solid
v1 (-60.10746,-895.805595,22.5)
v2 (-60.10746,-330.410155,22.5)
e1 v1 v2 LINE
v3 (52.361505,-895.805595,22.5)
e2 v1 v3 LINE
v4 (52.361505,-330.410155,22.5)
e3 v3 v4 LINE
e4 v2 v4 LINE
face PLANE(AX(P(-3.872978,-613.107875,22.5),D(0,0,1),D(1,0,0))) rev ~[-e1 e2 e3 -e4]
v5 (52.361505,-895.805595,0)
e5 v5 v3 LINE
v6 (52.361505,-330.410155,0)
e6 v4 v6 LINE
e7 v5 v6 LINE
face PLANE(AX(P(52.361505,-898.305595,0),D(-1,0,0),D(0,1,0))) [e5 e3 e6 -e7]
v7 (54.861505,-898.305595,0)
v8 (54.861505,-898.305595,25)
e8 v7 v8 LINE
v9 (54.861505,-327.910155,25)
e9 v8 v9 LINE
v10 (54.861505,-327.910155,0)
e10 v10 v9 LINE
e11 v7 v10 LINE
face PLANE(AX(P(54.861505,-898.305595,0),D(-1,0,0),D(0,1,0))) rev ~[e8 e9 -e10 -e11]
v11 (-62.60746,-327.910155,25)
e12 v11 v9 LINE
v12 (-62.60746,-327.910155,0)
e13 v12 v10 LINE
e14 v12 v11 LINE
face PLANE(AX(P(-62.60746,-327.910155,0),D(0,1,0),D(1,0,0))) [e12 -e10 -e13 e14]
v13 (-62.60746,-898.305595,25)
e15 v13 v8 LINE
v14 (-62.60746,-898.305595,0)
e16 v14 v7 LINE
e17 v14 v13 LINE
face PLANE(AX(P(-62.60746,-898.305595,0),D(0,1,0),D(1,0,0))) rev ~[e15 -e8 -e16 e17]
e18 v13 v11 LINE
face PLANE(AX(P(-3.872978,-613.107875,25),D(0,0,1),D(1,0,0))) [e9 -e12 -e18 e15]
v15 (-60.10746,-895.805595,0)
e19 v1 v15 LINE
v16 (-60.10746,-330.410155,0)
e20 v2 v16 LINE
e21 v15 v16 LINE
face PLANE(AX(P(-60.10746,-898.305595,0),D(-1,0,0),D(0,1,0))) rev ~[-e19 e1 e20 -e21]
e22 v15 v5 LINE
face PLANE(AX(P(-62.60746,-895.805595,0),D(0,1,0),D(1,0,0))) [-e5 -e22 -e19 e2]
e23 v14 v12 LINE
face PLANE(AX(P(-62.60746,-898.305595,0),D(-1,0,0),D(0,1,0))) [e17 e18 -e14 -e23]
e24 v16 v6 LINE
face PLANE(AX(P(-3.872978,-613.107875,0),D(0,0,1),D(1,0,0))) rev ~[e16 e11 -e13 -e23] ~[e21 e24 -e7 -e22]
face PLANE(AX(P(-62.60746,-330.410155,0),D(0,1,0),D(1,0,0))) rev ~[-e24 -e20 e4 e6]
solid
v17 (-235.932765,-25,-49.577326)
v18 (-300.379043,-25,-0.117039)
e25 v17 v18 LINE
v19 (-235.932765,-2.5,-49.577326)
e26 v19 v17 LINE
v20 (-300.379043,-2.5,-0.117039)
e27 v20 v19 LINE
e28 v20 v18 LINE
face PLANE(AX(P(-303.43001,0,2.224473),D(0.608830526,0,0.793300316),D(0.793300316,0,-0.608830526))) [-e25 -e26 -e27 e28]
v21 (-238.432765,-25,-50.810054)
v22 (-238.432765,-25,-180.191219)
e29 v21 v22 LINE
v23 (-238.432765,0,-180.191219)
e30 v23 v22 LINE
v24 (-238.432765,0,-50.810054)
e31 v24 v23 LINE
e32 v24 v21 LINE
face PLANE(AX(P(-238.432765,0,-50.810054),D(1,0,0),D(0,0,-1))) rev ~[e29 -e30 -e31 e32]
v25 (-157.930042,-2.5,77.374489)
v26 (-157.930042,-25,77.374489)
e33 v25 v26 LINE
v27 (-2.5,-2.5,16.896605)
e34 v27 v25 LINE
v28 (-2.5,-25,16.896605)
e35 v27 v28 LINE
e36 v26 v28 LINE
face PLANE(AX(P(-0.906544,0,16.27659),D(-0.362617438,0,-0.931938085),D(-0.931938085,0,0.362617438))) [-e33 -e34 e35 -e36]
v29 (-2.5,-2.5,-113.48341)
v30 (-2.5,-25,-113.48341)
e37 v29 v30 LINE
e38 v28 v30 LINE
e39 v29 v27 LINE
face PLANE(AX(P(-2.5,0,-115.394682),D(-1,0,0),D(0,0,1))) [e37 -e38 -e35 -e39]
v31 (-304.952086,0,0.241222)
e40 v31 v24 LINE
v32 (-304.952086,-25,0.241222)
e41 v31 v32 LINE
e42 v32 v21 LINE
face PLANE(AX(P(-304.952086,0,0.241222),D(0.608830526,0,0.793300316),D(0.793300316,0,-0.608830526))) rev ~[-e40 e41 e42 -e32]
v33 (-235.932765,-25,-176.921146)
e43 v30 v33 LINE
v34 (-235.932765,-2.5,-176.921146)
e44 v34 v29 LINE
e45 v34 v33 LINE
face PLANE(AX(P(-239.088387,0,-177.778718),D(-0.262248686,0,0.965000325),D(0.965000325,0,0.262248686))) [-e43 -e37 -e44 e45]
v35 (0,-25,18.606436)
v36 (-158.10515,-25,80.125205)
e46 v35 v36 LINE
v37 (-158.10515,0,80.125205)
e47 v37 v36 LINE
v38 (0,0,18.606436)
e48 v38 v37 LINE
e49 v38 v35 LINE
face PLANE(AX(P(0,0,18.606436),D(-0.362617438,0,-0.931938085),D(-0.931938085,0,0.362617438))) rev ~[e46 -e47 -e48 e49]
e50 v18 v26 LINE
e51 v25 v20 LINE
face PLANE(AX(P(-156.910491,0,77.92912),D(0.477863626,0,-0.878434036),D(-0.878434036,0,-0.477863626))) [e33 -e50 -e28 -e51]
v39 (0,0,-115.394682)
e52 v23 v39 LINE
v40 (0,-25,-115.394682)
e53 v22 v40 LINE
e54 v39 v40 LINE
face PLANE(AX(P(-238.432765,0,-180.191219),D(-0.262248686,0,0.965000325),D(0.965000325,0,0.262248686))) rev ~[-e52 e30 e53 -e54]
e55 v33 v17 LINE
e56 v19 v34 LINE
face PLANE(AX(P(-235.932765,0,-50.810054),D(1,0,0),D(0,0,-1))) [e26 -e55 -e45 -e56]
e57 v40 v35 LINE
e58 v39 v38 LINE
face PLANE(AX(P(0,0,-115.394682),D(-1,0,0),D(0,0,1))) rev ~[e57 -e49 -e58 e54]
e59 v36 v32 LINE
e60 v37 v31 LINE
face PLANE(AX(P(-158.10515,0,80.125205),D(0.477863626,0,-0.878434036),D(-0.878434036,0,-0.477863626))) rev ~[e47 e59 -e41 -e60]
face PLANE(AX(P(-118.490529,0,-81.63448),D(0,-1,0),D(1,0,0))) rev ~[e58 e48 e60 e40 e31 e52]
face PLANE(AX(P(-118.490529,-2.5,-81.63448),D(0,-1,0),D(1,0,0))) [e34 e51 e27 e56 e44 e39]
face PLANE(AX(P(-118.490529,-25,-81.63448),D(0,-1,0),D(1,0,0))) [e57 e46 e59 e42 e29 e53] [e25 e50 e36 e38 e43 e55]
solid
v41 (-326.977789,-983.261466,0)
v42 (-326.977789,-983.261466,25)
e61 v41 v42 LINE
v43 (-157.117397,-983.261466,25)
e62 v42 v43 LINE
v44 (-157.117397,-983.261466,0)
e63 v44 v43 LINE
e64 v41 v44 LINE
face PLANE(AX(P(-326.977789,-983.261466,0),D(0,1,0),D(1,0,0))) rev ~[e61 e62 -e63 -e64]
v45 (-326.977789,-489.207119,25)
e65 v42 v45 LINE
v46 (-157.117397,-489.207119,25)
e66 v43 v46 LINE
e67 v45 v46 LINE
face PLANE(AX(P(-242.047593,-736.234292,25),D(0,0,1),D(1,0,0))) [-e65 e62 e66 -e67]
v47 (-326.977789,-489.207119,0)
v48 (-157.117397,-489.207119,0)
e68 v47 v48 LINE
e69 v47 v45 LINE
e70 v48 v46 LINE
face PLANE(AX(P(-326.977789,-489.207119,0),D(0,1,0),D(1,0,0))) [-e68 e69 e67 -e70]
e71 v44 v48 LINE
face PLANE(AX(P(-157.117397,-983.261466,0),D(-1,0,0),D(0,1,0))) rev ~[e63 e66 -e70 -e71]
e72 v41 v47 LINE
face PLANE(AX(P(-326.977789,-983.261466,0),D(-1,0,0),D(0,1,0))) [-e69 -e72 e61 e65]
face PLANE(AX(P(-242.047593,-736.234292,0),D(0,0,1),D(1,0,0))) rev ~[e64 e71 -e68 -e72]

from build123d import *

# Parameters (mm, degrees)
F1_DEPTH = 25
F2_W     = 117.4689643085
F2_H     = 570.3954398632
F3_DEPTH = 25
F2_W_2   = 169.8603928089
F2_H_2   = 494.0543472767
F4_T     = -2.5
F5_T     = -2.5


with BuildPart() as f1:
    # F0 (on Front) → F1 (new body)
    with BuildSketch(Plane.XZ):
        Polygon((0, 18.6064355075), (-238.432765007, -50.8100539446), (-238.432765007, -180.191218853), (0, -115.3946816921), align=None)
        Polygon((-304.9520864942, 0.2412221735), (-238.432765007, -50.8100539446), (0, 18.6064355075), (-158.1051498652, 80.1252052188), align=None)
    extrude(amount=F1_DEPTH)

    # F5
    f5_openings = [f1.faces().sort_by_distance(p)[0] for p in [
        (-136.568019, -25, -45.411707),
    ]]
    offset(amount=F5_T, openings=f5_openings, kind=Kind.INTERSECTION)


with BuildPart() as f3:
    # F2 (on Top) → F3 (new body)
    with BuildSketch(Plane.XY):
        with Locations((-3.8729775697, -613.1078749895)):
            Rectangle(F2_W, F2_H)
    extrude(amount=F3_DEPTH)

    # F4
    f4_openings = [f3.faces().sort_by_distance(p)[0] for p in [
        (-3.872978, -613.107875, 0),
    ]]
    offset(amount=F4_T, openings=f4_openings)


with BuildPart() as f3b:
    # F2 (on Top) → F3, piece 2 (new body)
    with BuildSketch(Plane.XY):
        with Locations((-242.0475929976, -736.234292388)):
            Rectangle(F2_W_2, F2_H_2)
    extrude(amount=F3_DEPTH)


solid = Compound([f1.part, f3.part, f3b.part])
